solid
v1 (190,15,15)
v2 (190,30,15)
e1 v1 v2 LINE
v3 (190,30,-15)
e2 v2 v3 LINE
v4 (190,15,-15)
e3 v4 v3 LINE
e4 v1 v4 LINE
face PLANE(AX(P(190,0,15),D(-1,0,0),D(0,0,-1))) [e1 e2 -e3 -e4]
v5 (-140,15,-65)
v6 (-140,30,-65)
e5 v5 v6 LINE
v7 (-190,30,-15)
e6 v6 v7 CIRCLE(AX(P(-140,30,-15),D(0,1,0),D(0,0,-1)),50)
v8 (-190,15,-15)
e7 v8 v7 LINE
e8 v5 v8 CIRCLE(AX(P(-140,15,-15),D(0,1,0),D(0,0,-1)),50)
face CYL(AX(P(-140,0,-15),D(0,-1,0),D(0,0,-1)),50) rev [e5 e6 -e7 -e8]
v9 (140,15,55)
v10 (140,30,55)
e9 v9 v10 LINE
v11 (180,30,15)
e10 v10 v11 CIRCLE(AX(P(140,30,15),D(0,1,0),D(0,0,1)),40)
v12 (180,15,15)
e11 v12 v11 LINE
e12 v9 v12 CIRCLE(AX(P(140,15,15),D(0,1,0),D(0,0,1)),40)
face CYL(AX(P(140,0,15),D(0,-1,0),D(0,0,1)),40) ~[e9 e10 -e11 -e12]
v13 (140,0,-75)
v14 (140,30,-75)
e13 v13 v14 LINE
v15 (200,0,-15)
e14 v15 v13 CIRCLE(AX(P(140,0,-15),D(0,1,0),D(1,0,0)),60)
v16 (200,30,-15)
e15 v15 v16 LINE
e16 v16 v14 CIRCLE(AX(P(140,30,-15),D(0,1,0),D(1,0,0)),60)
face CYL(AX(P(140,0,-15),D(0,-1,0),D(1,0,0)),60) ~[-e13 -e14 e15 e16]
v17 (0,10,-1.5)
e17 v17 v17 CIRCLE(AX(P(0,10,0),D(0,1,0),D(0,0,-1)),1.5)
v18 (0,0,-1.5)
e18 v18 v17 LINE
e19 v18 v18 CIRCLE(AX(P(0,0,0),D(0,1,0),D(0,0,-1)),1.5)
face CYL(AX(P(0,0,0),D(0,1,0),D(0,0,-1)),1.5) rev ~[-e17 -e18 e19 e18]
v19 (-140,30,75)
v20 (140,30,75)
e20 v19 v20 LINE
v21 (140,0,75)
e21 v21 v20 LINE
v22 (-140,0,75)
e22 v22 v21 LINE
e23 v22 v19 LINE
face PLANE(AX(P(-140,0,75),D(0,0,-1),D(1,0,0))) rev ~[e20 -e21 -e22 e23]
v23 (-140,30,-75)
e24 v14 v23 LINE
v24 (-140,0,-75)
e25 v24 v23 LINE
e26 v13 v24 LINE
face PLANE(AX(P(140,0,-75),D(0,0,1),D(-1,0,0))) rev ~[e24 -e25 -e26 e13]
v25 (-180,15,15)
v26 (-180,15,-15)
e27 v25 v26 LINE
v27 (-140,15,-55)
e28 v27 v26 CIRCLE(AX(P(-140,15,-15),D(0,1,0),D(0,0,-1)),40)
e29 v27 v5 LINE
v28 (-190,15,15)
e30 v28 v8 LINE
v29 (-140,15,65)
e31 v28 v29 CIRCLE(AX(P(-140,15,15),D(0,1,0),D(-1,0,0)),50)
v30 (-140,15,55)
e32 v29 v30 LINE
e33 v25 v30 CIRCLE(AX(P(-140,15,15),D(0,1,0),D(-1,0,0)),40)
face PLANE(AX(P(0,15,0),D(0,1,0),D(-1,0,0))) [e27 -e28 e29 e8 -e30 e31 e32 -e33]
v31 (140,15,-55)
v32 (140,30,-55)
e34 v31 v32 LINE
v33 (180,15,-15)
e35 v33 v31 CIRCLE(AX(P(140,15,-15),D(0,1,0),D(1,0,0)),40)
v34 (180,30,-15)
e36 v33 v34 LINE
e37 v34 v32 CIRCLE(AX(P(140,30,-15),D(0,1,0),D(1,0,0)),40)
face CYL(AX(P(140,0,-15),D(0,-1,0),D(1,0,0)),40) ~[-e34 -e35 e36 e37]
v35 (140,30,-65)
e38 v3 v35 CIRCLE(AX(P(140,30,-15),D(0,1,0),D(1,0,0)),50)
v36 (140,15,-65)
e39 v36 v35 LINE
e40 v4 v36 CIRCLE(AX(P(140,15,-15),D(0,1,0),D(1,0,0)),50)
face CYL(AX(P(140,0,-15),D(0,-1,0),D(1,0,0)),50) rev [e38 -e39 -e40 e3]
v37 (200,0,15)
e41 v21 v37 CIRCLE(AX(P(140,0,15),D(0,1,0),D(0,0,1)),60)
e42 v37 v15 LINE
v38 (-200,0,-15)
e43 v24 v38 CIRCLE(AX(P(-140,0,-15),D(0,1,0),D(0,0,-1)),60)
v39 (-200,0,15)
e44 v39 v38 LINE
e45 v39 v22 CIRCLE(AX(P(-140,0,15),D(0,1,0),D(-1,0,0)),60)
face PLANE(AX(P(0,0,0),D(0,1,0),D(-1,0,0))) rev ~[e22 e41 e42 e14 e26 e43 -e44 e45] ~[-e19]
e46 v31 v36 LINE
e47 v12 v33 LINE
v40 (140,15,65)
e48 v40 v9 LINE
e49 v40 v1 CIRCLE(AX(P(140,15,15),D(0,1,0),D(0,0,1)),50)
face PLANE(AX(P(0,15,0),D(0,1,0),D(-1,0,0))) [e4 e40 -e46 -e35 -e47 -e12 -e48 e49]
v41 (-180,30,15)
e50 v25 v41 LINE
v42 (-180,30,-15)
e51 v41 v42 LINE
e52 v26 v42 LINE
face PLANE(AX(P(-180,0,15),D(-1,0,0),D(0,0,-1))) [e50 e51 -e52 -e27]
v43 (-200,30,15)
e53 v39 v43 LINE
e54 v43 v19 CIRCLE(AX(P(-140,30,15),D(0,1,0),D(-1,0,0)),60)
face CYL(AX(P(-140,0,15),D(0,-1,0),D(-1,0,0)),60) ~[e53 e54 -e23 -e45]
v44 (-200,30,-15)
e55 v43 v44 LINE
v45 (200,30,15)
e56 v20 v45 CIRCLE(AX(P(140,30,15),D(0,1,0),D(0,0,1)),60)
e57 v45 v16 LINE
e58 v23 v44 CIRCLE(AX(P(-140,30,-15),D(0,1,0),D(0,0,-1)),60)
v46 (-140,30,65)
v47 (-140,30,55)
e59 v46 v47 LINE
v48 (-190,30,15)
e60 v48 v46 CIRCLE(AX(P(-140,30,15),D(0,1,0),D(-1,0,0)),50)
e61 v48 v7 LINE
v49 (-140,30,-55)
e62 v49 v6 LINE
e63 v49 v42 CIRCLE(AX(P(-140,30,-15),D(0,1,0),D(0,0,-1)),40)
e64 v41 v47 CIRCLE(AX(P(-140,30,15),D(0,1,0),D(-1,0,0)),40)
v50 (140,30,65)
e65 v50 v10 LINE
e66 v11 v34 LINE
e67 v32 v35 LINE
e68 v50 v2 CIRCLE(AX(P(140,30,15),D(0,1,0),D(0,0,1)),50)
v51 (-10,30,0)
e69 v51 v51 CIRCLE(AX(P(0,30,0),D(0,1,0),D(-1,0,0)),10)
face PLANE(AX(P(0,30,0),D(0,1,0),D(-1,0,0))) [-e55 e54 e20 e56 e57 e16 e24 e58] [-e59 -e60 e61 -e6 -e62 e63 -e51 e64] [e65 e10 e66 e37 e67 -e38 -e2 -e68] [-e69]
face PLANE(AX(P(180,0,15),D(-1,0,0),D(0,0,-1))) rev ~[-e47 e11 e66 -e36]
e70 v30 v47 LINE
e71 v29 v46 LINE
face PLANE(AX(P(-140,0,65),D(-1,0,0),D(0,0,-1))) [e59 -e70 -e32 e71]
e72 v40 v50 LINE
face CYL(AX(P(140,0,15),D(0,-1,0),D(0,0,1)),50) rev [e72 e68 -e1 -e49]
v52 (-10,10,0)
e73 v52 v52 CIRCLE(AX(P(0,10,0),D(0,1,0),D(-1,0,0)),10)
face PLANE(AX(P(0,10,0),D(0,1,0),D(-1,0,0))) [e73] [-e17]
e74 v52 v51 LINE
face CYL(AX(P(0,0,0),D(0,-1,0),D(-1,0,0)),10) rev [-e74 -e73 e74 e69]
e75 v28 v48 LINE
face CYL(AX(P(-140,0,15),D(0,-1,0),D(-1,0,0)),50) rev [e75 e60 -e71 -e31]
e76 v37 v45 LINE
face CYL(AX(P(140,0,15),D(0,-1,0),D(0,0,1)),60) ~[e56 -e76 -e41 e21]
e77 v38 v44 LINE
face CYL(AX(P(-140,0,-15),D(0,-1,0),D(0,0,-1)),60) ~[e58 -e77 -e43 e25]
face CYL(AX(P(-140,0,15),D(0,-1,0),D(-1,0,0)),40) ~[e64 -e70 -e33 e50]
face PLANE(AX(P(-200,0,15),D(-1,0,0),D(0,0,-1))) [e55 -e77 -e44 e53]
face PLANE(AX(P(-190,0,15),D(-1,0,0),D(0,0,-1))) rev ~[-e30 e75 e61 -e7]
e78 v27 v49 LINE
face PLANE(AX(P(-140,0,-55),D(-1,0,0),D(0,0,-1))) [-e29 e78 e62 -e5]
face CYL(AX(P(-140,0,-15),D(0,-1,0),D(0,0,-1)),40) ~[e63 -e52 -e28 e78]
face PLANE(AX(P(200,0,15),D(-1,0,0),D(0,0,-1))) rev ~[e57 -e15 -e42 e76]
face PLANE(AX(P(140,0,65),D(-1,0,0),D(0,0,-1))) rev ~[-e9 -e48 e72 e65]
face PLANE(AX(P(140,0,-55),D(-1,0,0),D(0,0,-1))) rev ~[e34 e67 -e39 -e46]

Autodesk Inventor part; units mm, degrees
ref_plane "YZ Plane" through (0, 0, 0) normal (1, 0, 0) x (0, 1, 0)
ref_plane "XZ Plane" through (0, 0, 0) normal (0, 1, 0) x (-1, 0, 0)
ref_plane "XY Plane" through (0, 0, 0) normal (0, 0, 1) x (1, 0, 0)
sketch "Boceto1" plane through (0, 0, 0) normal (0, 1, 0) x (-1, 0, 0)
  line L0 (140, 75) -> (-140, 75)
  line L1 (-200, 15) -> (-200, -15)
  line L2 (-140, -75) -> (140, -75)
  arc A0 (-140, 75) -> (-200, 15) centre (-140, 15) ccw
  arc A1 (-200, -15) -> (-140, -75) centre (-140, -15) ccw
  line L3 (-140, 65) -> (-140, 55)
  line L4 (-140, -55) -> (-140, -65)
  arc A2 (-140, 65) -> (-190, 15) centre (-140, 15) ccw
  line L5 (-190, 15) -> (-190, -15)
  arc A3 (-190, -15) -> (-140, -65) centre (-140, -15) ccw
  arc A4 (-140, 55) -> (-180, 15) centre (-140, 15) ccw
  line L6 (-180, 15) -> (-180, -15)
  arc A5 (-180, -15) -> (-140, -55) centre (-140, -15) ccw
  line L7 (140, 65) -> (140, 55)
  line L8 (140, -55) -> (140, -65)
  arc A6 (190, 15) -> (140, 65) centre (140, 15) ccw
  line L9 (190, 15) -> (190, -15)
  arc A7 (140, -65) -> (190, -15) centre (140, -15) ccw
  arc A8 (180, 15) -> (140, 55) centre (140, 15) ccw
  line L10 (180, 15) -> (180, -15)
  arc A9 (140, -55) -> (180, -15) centre (140, -15) ccw
  line L11 (200, 15) -> (200, -15)
  arc A10 (200, 15) -> (140, 75) centre (140, 15) ccw
  arc A11 (140, -75) -> (200, -15) centre (140, -15) ccw
  circle A12 centre (0, 0) radius 10
  dimension "d32" = 400
  dimension "d33" = 150
extrude "Extrusión1" add sketch "Boceto1" along normal blind 15 contours A6 L9 A7 L8 A9 L10 A8 L7
extrude "Extrusión2" add sketch "Boceto1" along normal blind 15 contours L3 A4 L6 A5 L4 A3 L5 A2
extrude "Extrusión3" add sketch "Boceto1" along normal blind 30
extrude "Extrusión4" add sketch "Boceto1" along normal blind 10 contours A12
hole "Agujero1" at (0, 0, 0) direction (0, 1, 0) diameter 3 end through all
properties part number "base"
